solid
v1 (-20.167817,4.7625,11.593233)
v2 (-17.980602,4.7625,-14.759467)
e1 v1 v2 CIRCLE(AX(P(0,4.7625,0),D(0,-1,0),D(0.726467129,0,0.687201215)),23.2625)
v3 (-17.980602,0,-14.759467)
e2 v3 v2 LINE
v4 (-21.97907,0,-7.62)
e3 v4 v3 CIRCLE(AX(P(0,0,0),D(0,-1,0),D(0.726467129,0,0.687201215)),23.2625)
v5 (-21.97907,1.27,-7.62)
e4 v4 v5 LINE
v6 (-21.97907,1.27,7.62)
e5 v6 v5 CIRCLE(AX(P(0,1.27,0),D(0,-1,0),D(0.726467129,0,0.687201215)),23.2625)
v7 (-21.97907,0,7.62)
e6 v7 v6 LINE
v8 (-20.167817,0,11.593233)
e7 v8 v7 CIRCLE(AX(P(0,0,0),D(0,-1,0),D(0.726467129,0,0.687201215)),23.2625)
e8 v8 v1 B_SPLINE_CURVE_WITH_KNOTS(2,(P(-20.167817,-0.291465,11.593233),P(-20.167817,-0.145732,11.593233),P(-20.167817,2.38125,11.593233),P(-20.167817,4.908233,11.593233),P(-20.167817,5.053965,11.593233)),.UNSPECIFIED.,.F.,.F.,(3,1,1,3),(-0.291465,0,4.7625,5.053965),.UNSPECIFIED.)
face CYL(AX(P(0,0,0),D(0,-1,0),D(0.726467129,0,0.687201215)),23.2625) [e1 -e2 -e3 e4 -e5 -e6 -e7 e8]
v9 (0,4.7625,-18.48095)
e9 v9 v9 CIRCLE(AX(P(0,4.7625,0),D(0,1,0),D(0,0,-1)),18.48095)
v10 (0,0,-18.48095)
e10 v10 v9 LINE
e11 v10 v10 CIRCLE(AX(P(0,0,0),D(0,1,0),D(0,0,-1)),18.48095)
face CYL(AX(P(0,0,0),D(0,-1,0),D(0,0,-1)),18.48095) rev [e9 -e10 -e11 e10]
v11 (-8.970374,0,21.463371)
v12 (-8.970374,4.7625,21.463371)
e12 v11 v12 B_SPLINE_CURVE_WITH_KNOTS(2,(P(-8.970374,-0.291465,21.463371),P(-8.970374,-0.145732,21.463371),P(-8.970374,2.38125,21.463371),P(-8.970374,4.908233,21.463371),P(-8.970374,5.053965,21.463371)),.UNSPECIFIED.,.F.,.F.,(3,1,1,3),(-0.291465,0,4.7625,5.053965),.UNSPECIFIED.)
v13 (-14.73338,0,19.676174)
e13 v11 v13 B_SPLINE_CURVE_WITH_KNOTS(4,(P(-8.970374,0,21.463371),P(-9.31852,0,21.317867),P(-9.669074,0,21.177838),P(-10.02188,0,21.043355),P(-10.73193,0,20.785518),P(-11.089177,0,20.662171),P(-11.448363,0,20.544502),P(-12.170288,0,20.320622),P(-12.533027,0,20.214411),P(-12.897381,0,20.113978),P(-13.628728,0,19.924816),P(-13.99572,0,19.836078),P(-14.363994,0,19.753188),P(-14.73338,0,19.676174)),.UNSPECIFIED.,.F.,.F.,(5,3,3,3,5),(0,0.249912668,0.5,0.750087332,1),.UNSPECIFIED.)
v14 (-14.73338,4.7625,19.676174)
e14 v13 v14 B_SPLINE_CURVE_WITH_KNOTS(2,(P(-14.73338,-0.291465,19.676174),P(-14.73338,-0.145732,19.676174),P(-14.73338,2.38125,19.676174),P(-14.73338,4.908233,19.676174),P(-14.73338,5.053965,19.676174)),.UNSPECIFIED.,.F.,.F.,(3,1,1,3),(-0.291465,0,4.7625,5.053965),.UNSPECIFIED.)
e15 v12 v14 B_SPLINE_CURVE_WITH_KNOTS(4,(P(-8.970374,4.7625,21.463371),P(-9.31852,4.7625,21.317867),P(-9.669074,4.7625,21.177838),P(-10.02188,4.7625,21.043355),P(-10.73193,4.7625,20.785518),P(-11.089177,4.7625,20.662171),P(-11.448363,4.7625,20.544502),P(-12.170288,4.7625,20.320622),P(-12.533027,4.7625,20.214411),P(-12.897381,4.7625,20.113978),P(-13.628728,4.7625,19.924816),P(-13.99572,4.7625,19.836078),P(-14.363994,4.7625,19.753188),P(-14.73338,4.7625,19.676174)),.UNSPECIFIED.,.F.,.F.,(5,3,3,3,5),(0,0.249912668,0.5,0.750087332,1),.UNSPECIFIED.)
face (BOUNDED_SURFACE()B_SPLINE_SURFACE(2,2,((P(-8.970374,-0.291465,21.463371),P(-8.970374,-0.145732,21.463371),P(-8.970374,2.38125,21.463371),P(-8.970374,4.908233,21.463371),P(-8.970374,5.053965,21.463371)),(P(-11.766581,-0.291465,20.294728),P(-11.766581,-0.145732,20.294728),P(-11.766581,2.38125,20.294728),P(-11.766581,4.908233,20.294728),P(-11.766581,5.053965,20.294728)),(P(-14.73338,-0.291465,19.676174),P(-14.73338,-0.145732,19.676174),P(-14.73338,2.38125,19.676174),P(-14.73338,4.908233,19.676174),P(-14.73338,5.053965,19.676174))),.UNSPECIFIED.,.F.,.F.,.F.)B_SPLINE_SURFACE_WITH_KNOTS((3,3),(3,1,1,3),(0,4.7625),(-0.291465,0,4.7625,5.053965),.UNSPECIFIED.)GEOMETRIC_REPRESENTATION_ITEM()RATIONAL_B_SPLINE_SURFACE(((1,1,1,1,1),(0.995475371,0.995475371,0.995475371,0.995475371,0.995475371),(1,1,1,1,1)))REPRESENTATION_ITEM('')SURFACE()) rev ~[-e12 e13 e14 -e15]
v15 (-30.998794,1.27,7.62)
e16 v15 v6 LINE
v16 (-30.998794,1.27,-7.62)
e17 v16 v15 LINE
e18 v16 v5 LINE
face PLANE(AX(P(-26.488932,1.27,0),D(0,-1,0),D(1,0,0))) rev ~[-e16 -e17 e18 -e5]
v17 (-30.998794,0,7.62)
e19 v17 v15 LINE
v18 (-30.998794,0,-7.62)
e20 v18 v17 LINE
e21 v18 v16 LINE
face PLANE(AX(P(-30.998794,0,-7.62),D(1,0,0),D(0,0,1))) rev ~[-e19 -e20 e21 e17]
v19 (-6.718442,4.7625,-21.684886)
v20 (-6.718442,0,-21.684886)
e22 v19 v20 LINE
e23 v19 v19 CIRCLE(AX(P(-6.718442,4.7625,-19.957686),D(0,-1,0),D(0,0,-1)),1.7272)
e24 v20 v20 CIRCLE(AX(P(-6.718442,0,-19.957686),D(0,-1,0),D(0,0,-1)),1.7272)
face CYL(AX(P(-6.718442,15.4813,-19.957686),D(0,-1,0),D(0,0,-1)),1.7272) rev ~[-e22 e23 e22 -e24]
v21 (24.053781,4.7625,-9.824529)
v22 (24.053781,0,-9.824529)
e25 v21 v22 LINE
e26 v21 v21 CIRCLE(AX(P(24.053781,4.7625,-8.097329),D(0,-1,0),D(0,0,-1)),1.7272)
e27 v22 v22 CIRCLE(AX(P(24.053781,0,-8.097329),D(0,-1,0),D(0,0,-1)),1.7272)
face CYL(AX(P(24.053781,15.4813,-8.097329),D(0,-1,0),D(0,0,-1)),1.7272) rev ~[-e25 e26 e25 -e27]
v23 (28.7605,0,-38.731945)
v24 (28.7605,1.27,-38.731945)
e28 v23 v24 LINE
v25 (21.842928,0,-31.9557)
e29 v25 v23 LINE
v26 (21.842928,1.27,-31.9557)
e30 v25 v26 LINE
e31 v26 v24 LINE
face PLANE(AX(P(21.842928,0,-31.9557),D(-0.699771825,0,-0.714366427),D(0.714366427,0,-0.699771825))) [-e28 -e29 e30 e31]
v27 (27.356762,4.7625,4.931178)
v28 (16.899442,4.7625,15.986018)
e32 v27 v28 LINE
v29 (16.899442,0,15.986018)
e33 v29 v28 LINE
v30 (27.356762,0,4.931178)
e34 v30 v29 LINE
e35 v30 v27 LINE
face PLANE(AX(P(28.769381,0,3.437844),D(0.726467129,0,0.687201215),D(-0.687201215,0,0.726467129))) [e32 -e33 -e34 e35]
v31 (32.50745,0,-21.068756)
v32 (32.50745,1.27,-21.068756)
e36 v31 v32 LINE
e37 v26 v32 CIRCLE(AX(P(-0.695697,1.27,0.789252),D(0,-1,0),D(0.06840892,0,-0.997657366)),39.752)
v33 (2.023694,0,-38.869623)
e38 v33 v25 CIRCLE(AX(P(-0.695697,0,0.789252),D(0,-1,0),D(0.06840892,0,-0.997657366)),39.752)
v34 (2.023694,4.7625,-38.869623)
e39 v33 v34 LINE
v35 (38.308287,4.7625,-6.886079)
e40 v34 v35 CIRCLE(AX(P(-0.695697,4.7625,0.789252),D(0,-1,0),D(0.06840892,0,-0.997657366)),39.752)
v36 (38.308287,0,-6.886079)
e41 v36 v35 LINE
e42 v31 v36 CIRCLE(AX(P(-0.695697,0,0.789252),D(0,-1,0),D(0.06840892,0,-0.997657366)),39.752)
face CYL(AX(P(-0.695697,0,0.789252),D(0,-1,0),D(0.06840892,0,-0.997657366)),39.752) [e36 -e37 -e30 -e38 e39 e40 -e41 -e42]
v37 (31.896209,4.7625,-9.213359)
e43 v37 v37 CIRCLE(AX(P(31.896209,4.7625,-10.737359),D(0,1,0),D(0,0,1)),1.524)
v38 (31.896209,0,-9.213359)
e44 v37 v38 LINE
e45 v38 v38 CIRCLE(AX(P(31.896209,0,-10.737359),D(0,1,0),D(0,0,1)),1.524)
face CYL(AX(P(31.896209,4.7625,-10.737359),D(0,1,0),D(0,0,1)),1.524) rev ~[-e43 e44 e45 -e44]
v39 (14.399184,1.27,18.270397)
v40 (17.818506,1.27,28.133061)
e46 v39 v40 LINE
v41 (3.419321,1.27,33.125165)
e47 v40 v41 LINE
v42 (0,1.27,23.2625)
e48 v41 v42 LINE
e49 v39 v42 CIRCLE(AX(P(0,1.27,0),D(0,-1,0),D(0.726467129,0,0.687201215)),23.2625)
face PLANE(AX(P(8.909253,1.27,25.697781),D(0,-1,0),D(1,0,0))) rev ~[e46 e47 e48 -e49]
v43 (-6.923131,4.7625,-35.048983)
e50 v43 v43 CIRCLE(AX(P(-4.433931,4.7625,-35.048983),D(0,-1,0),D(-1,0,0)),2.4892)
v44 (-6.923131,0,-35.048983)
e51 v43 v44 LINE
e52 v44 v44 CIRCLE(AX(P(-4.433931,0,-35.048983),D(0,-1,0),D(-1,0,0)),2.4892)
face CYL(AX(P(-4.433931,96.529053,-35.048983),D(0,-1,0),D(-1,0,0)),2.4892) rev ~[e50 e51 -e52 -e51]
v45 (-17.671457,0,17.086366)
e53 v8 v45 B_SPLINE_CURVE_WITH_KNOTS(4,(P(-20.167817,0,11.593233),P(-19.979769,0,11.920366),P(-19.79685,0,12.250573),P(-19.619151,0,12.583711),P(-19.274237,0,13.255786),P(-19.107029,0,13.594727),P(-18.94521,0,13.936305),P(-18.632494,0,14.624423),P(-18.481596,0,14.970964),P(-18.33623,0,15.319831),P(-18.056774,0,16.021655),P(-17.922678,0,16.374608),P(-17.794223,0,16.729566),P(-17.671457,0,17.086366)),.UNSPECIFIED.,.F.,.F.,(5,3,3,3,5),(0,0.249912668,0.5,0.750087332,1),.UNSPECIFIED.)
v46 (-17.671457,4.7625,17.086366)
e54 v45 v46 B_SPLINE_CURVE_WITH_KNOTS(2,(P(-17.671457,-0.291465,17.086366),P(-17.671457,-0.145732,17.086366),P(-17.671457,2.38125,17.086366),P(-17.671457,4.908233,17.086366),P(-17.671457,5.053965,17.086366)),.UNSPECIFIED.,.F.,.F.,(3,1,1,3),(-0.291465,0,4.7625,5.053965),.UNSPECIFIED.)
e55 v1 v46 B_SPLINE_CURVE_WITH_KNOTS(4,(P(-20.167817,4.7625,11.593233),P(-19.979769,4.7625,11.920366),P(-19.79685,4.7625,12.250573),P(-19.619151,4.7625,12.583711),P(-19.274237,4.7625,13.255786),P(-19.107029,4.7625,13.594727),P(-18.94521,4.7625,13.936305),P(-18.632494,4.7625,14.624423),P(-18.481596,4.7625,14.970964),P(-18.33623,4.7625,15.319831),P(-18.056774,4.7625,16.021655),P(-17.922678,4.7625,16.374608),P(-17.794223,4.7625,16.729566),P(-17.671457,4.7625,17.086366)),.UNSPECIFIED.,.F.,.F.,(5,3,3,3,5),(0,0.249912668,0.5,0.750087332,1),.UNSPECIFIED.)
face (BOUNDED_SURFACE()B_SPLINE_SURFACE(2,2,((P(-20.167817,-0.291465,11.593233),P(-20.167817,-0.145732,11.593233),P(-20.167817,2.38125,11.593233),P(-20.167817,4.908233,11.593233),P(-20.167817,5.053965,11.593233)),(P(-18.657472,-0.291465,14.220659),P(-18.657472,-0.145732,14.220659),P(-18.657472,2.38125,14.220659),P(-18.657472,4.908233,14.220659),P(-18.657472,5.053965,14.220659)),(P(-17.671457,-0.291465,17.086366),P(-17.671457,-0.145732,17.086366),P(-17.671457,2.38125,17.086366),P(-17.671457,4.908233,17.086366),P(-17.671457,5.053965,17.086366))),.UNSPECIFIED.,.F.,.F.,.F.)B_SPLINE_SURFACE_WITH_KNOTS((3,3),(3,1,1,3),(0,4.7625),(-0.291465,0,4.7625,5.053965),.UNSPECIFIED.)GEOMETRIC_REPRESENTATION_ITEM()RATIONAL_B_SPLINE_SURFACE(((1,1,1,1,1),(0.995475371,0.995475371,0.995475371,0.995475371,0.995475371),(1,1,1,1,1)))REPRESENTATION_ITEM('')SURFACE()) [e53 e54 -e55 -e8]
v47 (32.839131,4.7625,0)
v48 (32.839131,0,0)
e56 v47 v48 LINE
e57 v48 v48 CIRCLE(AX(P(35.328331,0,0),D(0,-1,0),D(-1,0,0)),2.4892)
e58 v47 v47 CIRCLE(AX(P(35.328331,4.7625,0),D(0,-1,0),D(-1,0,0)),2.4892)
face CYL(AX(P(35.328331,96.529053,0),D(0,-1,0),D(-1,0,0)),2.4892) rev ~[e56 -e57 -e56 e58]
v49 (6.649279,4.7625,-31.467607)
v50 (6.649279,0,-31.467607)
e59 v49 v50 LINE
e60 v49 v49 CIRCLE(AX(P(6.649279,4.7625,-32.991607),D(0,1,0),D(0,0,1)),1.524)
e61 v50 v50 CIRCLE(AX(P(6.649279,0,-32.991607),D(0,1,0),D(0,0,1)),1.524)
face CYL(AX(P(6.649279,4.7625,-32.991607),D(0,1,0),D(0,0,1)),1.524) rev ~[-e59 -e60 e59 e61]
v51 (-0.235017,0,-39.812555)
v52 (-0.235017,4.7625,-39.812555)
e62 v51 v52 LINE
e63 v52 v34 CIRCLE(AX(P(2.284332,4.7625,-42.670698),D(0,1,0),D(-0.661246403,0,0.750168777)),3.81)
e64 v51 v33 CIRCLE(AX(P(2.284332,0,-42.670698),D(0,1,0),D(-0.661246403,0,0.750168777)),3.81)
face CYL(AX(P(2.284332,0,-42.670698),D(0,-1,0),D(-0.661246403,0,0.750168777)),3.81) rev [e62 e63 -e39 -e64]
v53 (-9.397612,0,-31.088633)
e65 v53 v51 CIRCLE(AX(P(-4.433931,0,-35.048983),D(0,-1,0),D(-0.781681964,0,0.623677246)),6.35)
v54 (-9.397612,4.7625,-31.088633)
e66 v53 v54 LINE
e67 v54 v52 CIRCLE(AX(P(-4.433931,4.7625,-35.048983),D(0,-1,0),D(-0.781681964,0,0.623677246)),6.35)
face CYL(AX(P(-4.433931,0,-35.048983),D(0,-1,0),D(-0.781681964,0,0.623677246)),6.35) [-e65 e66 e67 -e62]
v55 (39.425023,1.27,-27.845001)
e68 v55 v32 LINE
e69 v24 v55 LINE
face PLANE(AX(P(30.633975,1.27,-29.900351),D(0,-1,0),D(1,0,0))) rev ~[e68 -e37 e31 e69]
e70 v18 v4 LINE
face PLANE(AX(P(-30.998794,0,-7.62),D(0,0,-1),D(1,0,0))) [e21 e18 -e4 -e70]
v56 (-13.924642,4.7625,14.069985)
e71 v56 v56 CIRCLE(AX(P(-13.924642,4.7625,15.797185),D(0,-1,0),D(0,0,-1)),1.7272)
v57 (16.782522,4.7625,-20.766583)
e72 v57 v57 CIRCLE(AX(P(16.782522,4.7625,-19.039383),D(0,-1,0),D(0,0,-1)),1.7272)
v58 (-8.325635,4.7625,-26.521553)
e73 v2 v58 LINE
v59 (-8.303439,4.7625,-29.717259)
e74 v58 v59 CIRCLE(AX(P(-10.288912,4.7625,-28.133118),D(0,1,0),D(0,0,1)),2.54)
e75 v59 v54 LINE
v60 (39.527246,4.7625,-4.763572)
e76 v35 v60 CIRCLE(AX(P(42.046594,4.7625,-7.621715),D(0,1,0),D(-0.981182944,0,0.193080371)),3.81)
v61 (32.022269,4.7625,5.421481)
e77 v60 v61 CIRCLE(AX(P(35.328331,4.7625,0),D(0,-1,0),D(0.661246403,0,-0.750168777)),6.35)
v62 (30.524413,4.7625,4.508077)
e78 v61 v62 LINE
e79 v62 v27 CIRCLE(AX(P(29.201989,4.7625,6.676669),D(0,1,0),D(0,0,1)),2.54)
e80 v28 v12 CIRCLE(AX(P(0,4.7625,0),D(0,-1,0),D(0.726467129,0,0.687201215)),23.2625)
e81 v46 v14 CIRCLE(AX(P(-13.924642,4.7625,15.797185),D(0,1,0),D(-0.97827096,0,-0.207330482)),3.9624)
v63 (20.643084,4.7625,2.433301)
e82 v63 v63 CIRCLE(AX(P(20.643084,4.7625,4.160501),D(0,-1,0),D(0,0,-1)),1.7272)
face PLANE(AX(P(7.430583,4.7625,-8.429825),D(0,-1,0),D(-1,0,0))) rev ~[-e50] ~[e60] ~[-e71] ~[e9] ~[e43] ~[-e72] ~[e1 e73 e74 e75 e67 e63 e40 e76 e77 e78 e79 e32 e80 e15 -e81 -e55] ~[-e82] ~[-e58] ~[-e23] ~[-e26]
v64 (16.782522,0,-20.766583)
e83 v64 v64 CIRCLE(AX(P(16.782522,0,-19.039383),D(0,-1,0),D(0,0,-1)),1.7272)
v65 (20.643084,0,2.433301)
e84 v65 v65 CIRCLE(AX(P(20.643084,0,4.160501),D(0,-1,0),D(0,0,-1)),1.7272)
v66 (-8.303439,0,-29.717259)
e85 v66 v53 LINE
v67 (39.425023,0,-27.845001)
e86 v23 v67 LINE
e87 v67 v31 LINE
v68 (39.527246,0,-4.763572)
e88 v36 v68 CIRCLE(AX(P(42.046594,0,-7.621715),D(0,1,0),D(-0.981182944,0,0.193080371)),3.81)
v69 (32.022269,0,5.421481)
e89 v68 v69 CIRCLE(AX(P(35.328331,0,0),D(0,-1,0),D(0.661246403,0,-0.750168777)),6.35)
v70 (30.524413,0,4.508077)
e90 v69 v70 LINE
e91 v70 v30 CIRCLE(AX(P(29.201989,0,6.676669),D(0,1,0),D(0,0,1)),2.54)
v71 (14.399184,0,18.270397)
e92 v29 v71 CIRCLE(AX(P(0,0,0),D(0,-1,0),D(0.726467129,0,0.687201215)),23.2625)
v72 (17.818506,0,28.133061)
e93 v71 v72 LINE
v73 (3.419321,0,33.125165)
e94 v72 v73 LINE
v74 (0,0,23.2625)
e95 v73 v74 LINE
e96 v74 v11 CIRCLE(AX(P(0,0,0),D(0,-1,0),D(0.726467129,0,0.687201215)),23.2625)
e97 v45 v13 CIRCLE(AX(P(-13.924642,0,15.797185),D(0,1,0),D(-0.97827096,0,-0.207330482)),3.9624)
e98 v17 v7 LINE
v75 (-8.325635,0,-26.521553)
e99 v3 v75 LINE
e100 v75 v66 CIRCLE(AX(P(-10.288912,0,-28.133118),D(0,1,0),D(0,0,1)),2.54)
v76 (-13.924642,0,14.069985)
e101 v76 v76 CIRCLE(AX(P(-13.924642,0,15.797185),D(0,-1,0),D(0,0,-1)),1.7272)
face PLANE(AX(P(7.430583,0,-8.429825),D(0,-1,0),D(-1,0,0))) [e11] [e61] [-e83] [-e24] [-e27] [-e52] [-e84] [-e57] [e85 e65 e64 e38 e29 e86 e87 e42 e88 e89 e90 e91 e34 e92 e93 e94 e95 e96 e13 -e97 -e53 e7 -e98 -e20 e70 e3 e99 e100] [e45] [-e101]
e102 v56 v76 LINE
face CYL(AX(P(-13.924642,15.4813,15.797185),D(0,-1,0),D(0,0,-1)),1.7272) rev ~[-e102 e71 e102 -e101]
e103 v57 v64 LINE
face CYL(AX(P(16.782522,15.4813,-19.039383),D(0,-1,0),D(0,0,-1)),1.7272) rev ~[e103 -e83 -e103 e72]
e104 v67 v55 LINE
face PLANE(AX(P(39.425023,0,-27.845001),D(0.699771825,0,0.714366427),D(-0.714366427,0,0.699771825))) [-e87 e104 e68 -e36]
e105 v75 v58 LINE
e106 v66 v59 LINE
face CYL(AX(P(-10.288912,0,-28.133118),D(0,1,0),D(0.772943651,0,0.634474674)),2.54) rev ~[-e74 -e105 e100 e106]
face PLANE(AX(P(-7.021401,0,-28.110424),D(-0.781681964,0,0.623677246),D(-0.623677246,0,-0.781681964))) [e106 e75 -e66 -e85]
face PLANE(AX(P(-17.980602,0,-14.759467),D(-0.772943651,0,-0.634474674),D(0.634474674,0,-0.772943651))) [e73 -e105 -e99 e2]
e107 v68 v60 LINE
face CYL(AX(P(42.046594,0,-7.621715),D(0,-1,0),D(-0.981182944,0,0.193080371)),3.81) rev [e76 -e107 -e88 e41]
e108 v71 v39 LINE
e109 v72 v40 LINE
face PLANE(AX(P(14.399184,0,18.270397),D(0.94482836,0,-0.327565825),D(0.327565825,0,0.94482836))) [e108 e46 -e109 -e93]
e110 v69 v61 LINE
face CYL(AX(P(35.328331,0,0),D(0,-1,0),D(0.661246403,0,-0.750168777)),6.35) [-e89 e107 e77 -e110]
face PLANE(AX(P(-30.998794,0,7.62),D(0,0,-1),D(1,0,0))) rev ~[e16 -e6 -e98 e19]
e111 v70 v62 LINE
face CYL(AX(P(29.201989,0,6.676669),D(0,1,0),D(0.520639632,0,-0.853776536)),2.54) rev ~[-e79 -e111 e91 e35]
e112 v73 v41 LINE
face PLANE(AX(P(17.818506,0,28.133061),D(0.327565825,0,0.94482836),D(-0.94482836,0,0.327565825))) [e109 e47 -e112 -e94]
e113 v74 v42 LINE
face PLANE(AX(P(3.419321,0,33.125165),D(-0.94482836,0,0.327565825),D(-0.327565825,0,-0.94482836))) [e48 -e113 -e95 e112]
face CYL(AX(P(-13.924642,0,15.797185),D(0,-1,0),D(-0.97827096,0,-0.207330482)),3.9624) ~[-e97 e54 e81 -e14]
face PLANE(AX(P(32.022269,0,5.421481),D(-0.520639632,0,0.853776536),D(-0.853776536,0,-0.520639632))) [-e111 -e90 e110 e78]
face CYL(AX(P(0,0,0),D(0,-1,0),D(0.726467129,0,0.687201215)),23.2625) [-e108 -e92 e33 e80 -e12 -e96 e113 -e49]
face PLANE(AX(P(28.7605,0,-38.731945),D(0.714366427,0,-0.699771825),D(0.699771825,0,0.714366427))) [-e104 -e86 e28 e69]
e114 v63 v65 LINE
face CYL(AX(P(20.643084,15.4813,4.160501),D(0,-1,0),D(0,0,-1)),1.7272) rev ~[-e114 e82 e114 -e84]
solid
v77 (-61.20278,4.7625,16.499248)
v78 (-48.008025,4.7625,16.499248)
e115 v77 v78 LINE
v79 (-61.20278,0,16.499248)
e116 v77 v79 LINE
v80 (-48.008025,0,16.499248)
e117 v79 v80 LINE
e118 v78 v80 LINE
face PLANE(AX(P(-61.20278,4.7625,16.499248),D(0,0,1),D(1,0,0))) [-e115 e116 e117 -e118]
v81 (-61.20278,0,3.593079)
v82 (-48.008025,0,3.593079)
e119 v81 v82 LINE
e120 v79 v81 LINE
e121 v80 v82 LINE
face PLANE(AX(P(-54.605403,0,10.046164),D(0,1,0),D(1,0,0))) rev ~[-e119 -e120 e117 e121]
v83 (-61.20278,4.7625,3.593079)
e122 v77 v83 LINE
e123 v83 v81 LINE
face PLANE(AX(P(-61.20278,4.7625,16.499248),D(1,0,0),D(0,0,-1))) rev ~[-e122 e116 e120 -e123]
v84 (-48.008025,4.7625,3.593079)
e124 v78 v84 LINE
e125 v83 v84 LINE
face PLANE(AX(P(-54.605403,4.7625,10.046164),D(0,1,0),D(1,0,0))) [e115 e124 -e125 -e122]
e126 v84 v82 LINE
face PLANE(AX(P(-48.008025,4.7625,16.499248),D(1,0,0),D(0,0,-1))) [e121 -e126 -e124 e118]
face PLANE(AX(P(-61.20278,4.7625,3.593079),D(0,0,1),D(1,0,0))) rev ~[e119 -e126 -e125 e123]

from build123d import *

# Parameters (mm, degrees)
SKETCH1_R                 = 0.127
SKETCH1_R_2               = 18.480949957
BOSS_EXTRUDE1_DEPTH       = 4.7625
FILLET1_R                 = 2.54
F_10_CLEARANCE_HOLE1_D    = 4.9784
CUT_EXTRUDE1_REACH        = 60.938
SKETCH4_R                 = 1.524
F_8_32_TAPPED_HOLE1_D     = 3.4544
F_8_32_TAPPED_HOLE1_DEPTH = 10.7188
F_8_32_TAPPED_HOLE1_TIP   = 1.037806461
BOSS_EXTRUDE2_START       = -4.7625
BOSS_EXTRUDE2_DEPTH       = 4.7625
FILLET2_R                 = 31.75
SKETCH7_W                 = 13.194755421
SKETCH7_H                 = 12.906169147
BOSS_EXTRUDE3_DEPTH       = 4.7625
SKETCH8_W                 = 9.01972476
SKETCH8_H                 = 15.24
BOSS_EXTRUDE4_DEPTH       = 1.27


with BuildPart() as part:
    # Sketch1 → Boss-Extrude1 (new body)
    with BuildSketch(Plane(origin=(0, 0, 0), x_dir=(1, 0, 0), z_dir=(0, 1, 0))):
        with BuildLine():
            Line((32.022269256, -5.421481005), (28.769380653, -3.437844007))
            Line((28.769380653, -3.437844007), (16.899441567, -15.986018234))
            ThreePointArc((16.899441567, -15.986018234), (-15.382244428, -17.450801146), (-17.980601649, 14.759467084))
            Line((-17.980601649, 14.759467084), (-7.021401387, 28.11042435))
            Line((-7.021401387, 28.11042435), (-9.397611693, 31.088632634))
            ThreePointArc((-9.397611693, 31.088632634), (-8.812620694, 39.64785023), (-0.235016559, 39.812554878))
            ThreePointArc((-0.235016559, 39.812554878), (0.816557871, 39.154771525), (2.023694251, 38.869623355))
            ThreePointArc((2.023694251, 38.869623355), (25.590169938, 29.031456949), (38.308287357, 6.886078562))
            ThreePointArc((38.308287357, 6.886078562), (38.742684134, 5.724275154), (39.527245579, 4.763571735))
            ThreePointArc((39.527245579, 4.763571735), (40.440387397, -3.766879153), (32.022269256, -5.421481005))
        make_face()
        with Locations(Location((16.782521583, 19.039383247, 0), (0, 0, 270))):
            Circle(SKETCH1_R, mode=Mode.SUBTRACT)
        with Locations(Location((24.05378148, 8.097328768, 0), (0, 0, 270))):
            Circle(SKETCH1_R, mode=Mode.SUBTRACT)
        with Locations(Location((0, 0, 0), (0, 0, 90))):
            Circle(SKETCH1_R_2, mode=Mode.SUBTRACT)
    extrude(amount=BOSS_EXTRUDE1_DEPTH)

    # Fillet1
    fillet1_edges = [part.edges().sort_by_distance(p)[0] for p in [
        (-7.021401387, 2.38125, -28.11042435),
        (28.769380653, 2.38125, 3.437844007),
    ]]
    fillet(fillet1_edges, radius=FILLET1_R)

    # #10 Clearance Hole1 (through all)
    with Locations(Plane(origin=(0, 4.7625, 0), x_dir=(1, 0, 0), z_dir=(0, 1, 0))):
        with Locations((-4.433931219, 35.048983143), (35.328330918, 0)):
            Hole(F_10_CLEARANCE_HOLE1_D / 2)

    # Sketch4 → Cut-Extrude1 (cut, up to next)
    with BuildSketch(Plane(origin=(0, 4.7625, 0), x_dir=(1, 0, 0), z_dir=(0, 1, 0)), mode=Mode.PRIVATE) as cut_extrude1_sk1:
        with Locations(Location((6.649278755, 32.991606767, 0), (0, 0, 270))):
            Circle(SKETCH4_R)
    cut_extrude1_tool1 = extrude(cut_extrude1_sk1.sketch, amount=-CUT_EXTRUDE1_REACH, mode=Mode.PRIVATE) & part.part
    # Sketch4 → Cut-Extrude1 (cut, up to next)
    with BuildSketch(Plane(origin=(0, 4.7625, 0), x_dir=(1, 0, 0), z_dir=(0, 1, 0)), mode=Mode.PRIVATE) as cut_extrude1_sk2:
        with Locations(Location((31.896208949, 10.737359065, 0), (0, 0, 270))):
            Circle(SKETCH4_R)
    cut_extrude1_tool2 = extrude(cut_extrude1_sk2.sketch, amount=-CUT_EXTRUDE1_REACH, mode=Mode.PRIVATE) & part.part
    add(cut_extrude1_tool1.solids().sort_by_distance((6.649279, 4.7625, -32.991607))[0], mode=Mode.SUBTRACT)
    add(cut_extrude1_tool2.solids().sort_by_distance((31.896209, 4.7625, -10.737359))[0], mode=Mode.SUBTRACT)

    # #8-32 Tapped Hole1
    with Locations(Plane(origin=(-13.924641841, 4.7625, 15.797184665), x_dir=(0, 0, 1), z_dir=(0, 1, 0))):
        with Locations((0, 0), (-11.636683425, 34.56772599), (-35.754870571, 7.206199533), (-34.836567912, 30.707163424), (-23.894513433, 37.978423321)):
            Hole(F_8_32_TAPPED_HOLE1_D / 2, depth=F_8_32_TAPPED_HOLE1_DEPTH)
            with Locations((0, 0, -(F_8_32_TAPPED_HOLE1_DEPTH + F_8_32_TAPPED_HOLE1_TIP / 2))):  # 118° drill point
                Cone(0, F_8_32_TAPPED_HOLE1_D / 2, F_8_32_TAPPED_HOLE1_TIP, mode=Mode.SUBTRACT)

    # Sketch6 → Boss-Extrude2 (add)
    with BuildSketch(Plane(origin=(0, 4.7625, 0), x_dir=(1, 0, 0), z_dir=(0, 1, 0)).offset(BOSS_EXTRUDE2_START)):
        with BuildLine():
            ThreePointArc((-17.800942693, -14.975658365), (-16.544764589, -18.769653428), (-12.623110984, -19.539728077))
            ThreePointArc((-12.623110984, -19.539728077), (-15.382244428, -17.450801146), (-17.800942693, -14.975658365))
        make_face()
    extrude(amount=BOSS_EXTRUDE2_DEPTH)

    # Fillet2
    fillet2_edges = [part.edges().sort_by_distance(p)[0] for p in [
        (-17.800942693, 2.38125, 14.975658365),
        (-12.623110984, 2.38125, 19.539728077),
    ]]
    fillet(fillet2_edges, radius=FILLET2_R)

    # Sketch8 → Boss-Extrude4 (add)
    with BuildSketch(Plane.XZ):
        Polygon((0, 23.262499957), (14.399184208, 18.270396777), (17.818505689, 28.133061492), (3.419321482, 33.125164672), align=None)
        with Locations((-26.488932066, 0)):
            Rectangle(SKETCH8_W, SKETCH8_H)
        Polygon((32.507450275, -21.068755629), (21.842927659, -31.955699984), (28.760500103, -38.731945492), (39.425022719, -27.845001137), align=None)
    extrude(amount=-BOSS_EXTRUDE4_DEPTH)


with BuildPart() as body_2:
    # Sketch7 → Boss-Extrude3 (new body)
    with BuildSketch(Plane(origin=(0, 4.7625, 0), x_dir=(1, 0, 0), z_dir=(0, 1, 0))):
        with Locations((-54.605402604, -10.046163605)):
            Rectangle(SKETCH7_W, SKETCH7_H)
    extrude(amount=-BOSS_EXTRUDE3_DEPTH)


solid = Compound([part.part, body_2.part])
